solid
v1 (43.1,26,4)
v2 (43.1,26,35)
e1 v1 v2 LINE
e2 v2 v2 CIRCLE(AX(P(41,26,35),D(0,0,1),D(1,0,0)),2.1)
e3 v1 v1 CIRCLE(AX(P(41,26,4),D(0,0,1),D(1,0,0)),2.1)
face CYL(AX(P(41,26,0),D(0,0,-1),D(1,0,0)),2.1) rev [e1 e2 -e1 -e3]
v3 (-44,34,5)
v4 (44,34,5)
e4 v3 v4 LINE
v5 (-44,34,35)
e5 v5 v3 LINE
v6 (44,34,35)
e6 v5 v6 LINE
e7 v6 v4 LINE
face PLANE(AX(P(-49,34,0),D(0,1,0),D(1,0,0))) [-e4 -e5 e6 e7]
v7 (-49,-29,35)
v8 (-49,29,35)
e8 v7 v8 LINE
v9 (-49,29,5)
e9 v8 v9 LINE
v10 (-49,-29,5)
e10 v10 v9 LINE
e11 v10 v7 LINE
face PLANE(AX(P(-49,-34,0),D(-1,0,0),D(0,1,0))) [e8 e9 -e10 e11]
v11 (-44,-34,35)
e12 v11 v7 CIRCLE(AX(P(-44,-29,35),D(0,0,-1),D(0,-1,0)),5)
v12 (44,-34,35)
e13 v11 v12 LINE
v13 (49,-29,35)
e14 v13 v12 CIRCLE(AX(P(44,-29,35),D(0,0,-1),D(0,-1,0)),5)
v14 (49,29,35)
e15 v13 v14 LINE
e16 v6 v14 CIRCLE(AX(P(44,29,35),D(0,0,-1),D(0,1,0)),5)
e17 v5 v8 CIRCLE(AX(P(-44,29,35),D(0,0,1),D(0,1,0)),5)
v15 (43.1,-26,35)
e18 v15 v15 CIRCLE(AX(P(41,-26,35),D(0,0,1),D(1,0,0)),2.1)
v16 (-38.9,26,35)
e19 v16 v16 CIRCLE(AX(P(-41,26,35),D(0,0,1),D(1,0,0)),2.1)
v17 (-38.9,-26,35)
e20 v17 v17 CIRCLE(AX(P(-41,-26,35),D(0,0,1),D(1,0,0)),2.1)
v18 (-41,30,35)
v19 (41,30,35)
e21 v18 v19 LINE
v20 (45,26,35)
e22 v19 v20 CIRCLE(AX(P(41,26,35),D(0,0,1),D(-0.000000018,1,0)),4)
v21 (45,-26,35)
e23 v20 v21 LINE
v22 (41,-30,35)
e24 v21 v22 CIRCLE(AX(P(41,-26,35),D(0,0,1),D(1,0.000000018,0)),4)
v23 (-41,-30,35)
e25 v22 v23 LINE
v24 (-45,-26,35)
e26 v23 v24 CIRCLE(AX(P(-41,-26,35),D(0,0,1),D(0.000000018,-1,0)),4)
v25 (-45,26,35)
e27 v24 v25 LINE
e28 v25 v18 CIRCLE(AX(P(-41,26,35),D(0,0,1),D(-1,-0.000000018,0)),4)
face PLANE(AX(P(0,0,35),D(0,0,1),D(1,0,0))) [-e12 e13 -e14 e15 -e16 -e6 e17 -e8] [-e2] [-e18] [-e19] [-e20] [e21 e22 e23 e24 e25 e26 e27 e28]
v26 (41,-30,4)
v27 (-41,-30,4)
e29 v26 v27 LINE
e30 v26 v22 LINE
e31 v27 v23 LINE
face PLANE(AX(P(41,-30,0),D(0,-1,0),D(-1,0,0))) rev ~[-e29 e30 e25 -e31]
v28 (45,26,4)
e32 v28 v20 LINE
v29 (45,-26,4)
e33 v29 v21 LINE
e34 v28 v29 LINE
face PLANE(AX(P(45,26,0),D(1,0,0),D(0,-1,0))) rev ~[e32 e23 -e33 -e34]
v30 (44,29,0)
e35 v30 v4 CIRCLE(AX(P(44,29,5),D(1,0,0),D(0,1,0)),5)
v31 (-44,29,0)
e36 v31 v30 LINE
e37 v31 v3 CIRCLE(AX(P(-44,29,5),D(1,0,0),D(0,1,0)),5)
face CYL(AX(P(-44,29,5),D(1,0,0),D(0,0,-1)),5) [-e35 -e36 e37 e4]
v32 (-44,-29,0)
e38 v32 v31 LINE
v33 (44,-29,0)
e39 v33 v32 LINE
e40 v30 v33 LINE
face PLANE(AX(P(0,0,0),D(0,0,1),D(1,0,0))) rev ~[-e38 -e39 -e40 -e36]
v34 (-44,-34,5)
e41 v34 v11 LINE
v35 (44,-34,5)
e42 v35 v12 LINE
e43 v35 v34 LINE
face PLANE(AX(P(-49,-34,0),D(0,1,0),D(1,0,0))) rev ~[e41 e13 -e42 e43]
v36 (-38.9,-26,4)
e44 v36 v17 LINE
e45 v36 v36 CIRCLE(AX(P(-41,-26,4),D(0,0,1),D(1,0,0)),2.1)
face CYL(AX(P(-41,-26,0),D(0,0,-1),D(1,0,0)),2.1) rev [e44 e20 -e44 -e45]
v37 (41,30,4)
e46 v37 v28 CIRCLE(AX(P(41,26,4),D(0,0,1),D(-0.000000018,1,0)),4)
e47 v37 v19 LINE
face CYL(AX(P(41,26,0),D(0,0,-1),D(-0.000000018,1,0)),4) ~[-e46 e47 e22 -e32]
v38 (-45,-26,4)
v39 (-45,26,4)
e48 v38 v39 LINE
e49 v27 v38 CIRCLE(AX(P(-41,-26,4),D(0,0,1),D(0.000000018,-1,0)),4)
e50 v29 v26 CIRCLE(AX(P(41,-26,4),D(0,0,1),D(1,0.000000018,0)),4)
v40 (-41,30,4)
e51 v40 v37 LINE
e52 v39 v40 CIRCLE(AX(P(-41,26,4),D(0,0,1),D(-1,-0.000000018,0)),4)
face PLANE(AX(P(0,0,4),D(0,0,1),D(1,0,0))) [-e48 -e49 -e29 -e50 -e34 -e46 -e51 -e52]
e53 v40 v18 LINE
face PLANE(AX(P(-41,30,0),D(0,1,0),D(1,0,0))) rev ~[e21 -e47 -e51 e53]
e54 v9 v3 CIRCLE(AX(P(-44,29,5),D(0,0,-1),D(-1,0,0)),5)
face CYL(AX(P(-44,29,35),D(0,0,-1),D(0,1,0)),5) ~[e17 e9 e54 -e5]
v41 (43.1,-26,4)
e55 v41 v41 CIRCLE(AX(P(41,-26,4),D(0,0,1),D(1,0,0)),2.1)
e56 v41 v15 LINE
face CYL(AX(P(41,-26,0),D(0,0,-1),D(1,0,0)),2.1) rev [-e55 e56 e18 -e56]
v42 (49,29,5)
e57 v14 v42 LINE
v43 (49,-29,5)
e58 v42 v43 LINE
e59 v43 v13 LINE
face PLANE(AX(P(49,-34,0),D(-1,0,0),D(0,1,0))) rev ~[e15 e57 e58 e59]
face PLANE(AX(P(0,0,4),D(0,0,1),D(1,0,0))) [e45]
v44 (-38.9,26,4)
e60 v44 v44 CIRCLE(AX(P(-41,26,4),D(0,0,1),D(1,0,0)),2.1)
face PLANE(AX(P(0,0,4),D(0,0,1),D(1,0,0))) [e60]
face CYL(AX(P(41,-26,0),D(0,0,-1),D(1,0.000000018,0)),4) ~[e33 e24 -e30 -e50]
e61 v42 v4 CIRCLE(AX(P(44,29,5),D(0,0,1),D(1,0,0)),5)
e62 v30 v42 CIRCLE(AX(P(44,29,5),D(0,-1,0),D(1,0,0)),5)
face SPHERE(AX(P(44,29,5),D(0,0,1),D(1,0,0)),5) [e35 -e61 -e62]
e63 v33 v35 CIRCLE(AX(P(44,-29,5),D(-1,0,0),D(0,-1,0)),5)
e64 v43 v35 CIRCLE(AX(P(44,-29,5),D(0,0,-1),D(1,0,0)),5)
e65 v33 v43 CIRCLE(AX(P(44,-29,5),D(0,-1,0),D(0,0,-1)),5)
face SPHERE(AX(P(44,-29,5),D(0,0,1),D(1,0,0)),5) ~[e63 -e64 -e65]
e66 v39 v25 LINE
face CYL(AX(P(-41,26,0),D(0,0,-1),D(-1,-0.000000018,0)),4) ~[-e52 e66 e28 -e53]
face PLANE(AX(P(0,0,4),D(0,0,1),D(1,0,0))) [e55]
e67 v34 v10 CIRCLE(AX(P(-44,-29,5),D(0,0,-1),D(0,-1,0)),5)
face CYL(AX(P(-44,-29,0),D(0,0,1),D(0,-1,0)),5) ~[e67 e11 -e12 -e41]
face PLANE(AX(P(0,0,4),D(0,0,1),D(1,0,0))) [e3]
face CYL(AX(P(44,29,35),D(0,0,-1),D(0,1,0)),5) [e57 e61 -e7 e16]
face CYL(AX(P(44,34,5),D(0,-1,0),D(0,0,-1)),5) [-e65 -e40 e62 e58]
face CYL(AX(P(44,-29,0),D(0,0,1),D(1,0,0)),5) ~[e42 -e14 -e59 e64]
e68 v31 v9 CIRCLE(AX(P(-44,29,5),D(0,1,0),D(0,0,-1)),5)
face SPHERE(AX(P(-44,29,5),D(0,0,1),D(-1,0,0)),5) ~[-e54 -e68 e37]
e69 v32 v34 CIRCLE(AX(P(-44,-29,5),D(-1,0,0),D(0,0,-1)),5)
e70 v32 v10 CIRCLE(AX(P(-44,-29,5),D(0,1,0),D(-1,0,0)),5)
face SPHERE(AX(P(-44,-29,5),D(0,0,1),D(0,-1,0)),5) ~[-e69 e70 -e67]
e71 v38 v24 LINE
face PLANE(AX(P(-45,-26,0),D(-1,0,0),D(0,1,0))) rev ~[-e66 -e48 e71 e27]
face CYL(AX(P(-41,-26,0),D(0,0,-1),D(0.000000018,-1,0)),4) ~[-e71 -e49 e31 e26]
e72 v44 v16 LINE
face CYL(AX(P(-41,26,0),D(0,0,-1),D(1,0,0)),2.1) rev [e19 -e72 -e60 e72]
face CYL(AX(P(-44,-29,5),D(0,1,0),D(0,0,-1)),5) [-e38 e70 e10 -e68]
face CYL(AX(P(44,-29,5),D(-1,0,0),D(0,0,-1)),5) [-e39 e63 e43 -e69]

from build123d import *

# Parameters (mm, degrees)
F0_W     = 98
F0_H     = 68
F0_R     = 2.1
F1_DEPTH = 35
F2_W     = 90
F2_H     = 60
F3_DEPTH = 4
F4_R     = 5
F5_R     = 5


with BuildPart() as f1:
    # F0 (on Top) → F1 (new body)
    with BuildSketch(Plane.XY):
        Rectangle(F0_W, F0_H)
        with Locations((-41, -26)):
            Circle(F0_R, mode=Mode.SUBTRACT)
        with Locations((41, -26)):
            Circle(F0_R, mode=Mode.SUBTRACT)
        with BuildLine():
            ThreePointArc((45, -26), (38.171573, -23.171573), (41, -30))
            Line((41, -30), (-41, -30))
            ThreePointArc((-41, -30), (-38.171573, -23.171573), (-45, -26))
            Line((-45, -26), (-45, 26))
            ThreePointArc((-45, 26), (-38.171573, 23.171573), (-41, 30))
            Line((-41, 30), (41, 30))
            ThreePointArc((41, 30), (38.171573, 23.171573), (45, 26))
            Line((45, 26), (45, -26))
        make_face(mode=Mode.SUBTRACT)
        with Locations((-41, 26)):
            Circle(F0_R, mode=Mode.SUBTRACT)
        with Locations((41, 26)):
            Circle(F0_R, mode=Mode.SUBTRACT)
    extrude(amount=F1_DEPTH)

    # F2 (on Top) + F0 (on Top) → F3 (join)
    with BuildSketch(Plane.XY):
        Rectangle(F2_W, F2_H)
    with BuildSketch(Plane.XY):
        Rectangle(F0_W, F0_H)
        with Locations((-41, -26)):
            Circle(F0_R, mode=Mode.SUBTRACT)
        with Locations((41, -26)):
            Circle(F0_R, mode=Mode.SUBTRACT)
        with BuildLine():
            ThreePointArc((45, -26), (38.171573, -23.171573), (41, -30))
            Line((41, -30), (-41, -30))
            ThreePointArc((-41, -30), (-38.171573, -23.171573), (-45, -26))
            Line((-45, -26), (-45, 26))
            ThreePointArc((-45, 26), (-38.171573, 23.171573), (-41, 30))
            Line((-41, 30), (41, 30))
            ThreePointArc((41, 30), (38.171573, 23.171573), (45, 26))
            Line((45, 26), (45, -26))
        make_face(mode=Mode.SUBTRACT)
        with Locations((-41, 26)):
            Circle(F0_R, mode=Mode.SUBTRACT)
        with Locations((41, 26)):
            Circle(F0_R, mode=Mode.SUBTRACT)
    extrude(amount=F3_DEPTH)

    # F4
    f4_edges = [f1.edges().sort_by_distance(p)[0] for p in [
        (49, -34, 17.5),
        (-49, -34, 17.5),
        (-49, 34, 17.5),
    ]]
    fillet(f4_edges, radius=F4_R)

    # F5
    f5_edges = [f1.edges().sort_by_distance(p)[0] for p in [
        (49, 34, 17.5),
        (2.5, 34, 0),
    ]]
    fillet(f5_edges, radius=F5_R)


solid = f1.part
